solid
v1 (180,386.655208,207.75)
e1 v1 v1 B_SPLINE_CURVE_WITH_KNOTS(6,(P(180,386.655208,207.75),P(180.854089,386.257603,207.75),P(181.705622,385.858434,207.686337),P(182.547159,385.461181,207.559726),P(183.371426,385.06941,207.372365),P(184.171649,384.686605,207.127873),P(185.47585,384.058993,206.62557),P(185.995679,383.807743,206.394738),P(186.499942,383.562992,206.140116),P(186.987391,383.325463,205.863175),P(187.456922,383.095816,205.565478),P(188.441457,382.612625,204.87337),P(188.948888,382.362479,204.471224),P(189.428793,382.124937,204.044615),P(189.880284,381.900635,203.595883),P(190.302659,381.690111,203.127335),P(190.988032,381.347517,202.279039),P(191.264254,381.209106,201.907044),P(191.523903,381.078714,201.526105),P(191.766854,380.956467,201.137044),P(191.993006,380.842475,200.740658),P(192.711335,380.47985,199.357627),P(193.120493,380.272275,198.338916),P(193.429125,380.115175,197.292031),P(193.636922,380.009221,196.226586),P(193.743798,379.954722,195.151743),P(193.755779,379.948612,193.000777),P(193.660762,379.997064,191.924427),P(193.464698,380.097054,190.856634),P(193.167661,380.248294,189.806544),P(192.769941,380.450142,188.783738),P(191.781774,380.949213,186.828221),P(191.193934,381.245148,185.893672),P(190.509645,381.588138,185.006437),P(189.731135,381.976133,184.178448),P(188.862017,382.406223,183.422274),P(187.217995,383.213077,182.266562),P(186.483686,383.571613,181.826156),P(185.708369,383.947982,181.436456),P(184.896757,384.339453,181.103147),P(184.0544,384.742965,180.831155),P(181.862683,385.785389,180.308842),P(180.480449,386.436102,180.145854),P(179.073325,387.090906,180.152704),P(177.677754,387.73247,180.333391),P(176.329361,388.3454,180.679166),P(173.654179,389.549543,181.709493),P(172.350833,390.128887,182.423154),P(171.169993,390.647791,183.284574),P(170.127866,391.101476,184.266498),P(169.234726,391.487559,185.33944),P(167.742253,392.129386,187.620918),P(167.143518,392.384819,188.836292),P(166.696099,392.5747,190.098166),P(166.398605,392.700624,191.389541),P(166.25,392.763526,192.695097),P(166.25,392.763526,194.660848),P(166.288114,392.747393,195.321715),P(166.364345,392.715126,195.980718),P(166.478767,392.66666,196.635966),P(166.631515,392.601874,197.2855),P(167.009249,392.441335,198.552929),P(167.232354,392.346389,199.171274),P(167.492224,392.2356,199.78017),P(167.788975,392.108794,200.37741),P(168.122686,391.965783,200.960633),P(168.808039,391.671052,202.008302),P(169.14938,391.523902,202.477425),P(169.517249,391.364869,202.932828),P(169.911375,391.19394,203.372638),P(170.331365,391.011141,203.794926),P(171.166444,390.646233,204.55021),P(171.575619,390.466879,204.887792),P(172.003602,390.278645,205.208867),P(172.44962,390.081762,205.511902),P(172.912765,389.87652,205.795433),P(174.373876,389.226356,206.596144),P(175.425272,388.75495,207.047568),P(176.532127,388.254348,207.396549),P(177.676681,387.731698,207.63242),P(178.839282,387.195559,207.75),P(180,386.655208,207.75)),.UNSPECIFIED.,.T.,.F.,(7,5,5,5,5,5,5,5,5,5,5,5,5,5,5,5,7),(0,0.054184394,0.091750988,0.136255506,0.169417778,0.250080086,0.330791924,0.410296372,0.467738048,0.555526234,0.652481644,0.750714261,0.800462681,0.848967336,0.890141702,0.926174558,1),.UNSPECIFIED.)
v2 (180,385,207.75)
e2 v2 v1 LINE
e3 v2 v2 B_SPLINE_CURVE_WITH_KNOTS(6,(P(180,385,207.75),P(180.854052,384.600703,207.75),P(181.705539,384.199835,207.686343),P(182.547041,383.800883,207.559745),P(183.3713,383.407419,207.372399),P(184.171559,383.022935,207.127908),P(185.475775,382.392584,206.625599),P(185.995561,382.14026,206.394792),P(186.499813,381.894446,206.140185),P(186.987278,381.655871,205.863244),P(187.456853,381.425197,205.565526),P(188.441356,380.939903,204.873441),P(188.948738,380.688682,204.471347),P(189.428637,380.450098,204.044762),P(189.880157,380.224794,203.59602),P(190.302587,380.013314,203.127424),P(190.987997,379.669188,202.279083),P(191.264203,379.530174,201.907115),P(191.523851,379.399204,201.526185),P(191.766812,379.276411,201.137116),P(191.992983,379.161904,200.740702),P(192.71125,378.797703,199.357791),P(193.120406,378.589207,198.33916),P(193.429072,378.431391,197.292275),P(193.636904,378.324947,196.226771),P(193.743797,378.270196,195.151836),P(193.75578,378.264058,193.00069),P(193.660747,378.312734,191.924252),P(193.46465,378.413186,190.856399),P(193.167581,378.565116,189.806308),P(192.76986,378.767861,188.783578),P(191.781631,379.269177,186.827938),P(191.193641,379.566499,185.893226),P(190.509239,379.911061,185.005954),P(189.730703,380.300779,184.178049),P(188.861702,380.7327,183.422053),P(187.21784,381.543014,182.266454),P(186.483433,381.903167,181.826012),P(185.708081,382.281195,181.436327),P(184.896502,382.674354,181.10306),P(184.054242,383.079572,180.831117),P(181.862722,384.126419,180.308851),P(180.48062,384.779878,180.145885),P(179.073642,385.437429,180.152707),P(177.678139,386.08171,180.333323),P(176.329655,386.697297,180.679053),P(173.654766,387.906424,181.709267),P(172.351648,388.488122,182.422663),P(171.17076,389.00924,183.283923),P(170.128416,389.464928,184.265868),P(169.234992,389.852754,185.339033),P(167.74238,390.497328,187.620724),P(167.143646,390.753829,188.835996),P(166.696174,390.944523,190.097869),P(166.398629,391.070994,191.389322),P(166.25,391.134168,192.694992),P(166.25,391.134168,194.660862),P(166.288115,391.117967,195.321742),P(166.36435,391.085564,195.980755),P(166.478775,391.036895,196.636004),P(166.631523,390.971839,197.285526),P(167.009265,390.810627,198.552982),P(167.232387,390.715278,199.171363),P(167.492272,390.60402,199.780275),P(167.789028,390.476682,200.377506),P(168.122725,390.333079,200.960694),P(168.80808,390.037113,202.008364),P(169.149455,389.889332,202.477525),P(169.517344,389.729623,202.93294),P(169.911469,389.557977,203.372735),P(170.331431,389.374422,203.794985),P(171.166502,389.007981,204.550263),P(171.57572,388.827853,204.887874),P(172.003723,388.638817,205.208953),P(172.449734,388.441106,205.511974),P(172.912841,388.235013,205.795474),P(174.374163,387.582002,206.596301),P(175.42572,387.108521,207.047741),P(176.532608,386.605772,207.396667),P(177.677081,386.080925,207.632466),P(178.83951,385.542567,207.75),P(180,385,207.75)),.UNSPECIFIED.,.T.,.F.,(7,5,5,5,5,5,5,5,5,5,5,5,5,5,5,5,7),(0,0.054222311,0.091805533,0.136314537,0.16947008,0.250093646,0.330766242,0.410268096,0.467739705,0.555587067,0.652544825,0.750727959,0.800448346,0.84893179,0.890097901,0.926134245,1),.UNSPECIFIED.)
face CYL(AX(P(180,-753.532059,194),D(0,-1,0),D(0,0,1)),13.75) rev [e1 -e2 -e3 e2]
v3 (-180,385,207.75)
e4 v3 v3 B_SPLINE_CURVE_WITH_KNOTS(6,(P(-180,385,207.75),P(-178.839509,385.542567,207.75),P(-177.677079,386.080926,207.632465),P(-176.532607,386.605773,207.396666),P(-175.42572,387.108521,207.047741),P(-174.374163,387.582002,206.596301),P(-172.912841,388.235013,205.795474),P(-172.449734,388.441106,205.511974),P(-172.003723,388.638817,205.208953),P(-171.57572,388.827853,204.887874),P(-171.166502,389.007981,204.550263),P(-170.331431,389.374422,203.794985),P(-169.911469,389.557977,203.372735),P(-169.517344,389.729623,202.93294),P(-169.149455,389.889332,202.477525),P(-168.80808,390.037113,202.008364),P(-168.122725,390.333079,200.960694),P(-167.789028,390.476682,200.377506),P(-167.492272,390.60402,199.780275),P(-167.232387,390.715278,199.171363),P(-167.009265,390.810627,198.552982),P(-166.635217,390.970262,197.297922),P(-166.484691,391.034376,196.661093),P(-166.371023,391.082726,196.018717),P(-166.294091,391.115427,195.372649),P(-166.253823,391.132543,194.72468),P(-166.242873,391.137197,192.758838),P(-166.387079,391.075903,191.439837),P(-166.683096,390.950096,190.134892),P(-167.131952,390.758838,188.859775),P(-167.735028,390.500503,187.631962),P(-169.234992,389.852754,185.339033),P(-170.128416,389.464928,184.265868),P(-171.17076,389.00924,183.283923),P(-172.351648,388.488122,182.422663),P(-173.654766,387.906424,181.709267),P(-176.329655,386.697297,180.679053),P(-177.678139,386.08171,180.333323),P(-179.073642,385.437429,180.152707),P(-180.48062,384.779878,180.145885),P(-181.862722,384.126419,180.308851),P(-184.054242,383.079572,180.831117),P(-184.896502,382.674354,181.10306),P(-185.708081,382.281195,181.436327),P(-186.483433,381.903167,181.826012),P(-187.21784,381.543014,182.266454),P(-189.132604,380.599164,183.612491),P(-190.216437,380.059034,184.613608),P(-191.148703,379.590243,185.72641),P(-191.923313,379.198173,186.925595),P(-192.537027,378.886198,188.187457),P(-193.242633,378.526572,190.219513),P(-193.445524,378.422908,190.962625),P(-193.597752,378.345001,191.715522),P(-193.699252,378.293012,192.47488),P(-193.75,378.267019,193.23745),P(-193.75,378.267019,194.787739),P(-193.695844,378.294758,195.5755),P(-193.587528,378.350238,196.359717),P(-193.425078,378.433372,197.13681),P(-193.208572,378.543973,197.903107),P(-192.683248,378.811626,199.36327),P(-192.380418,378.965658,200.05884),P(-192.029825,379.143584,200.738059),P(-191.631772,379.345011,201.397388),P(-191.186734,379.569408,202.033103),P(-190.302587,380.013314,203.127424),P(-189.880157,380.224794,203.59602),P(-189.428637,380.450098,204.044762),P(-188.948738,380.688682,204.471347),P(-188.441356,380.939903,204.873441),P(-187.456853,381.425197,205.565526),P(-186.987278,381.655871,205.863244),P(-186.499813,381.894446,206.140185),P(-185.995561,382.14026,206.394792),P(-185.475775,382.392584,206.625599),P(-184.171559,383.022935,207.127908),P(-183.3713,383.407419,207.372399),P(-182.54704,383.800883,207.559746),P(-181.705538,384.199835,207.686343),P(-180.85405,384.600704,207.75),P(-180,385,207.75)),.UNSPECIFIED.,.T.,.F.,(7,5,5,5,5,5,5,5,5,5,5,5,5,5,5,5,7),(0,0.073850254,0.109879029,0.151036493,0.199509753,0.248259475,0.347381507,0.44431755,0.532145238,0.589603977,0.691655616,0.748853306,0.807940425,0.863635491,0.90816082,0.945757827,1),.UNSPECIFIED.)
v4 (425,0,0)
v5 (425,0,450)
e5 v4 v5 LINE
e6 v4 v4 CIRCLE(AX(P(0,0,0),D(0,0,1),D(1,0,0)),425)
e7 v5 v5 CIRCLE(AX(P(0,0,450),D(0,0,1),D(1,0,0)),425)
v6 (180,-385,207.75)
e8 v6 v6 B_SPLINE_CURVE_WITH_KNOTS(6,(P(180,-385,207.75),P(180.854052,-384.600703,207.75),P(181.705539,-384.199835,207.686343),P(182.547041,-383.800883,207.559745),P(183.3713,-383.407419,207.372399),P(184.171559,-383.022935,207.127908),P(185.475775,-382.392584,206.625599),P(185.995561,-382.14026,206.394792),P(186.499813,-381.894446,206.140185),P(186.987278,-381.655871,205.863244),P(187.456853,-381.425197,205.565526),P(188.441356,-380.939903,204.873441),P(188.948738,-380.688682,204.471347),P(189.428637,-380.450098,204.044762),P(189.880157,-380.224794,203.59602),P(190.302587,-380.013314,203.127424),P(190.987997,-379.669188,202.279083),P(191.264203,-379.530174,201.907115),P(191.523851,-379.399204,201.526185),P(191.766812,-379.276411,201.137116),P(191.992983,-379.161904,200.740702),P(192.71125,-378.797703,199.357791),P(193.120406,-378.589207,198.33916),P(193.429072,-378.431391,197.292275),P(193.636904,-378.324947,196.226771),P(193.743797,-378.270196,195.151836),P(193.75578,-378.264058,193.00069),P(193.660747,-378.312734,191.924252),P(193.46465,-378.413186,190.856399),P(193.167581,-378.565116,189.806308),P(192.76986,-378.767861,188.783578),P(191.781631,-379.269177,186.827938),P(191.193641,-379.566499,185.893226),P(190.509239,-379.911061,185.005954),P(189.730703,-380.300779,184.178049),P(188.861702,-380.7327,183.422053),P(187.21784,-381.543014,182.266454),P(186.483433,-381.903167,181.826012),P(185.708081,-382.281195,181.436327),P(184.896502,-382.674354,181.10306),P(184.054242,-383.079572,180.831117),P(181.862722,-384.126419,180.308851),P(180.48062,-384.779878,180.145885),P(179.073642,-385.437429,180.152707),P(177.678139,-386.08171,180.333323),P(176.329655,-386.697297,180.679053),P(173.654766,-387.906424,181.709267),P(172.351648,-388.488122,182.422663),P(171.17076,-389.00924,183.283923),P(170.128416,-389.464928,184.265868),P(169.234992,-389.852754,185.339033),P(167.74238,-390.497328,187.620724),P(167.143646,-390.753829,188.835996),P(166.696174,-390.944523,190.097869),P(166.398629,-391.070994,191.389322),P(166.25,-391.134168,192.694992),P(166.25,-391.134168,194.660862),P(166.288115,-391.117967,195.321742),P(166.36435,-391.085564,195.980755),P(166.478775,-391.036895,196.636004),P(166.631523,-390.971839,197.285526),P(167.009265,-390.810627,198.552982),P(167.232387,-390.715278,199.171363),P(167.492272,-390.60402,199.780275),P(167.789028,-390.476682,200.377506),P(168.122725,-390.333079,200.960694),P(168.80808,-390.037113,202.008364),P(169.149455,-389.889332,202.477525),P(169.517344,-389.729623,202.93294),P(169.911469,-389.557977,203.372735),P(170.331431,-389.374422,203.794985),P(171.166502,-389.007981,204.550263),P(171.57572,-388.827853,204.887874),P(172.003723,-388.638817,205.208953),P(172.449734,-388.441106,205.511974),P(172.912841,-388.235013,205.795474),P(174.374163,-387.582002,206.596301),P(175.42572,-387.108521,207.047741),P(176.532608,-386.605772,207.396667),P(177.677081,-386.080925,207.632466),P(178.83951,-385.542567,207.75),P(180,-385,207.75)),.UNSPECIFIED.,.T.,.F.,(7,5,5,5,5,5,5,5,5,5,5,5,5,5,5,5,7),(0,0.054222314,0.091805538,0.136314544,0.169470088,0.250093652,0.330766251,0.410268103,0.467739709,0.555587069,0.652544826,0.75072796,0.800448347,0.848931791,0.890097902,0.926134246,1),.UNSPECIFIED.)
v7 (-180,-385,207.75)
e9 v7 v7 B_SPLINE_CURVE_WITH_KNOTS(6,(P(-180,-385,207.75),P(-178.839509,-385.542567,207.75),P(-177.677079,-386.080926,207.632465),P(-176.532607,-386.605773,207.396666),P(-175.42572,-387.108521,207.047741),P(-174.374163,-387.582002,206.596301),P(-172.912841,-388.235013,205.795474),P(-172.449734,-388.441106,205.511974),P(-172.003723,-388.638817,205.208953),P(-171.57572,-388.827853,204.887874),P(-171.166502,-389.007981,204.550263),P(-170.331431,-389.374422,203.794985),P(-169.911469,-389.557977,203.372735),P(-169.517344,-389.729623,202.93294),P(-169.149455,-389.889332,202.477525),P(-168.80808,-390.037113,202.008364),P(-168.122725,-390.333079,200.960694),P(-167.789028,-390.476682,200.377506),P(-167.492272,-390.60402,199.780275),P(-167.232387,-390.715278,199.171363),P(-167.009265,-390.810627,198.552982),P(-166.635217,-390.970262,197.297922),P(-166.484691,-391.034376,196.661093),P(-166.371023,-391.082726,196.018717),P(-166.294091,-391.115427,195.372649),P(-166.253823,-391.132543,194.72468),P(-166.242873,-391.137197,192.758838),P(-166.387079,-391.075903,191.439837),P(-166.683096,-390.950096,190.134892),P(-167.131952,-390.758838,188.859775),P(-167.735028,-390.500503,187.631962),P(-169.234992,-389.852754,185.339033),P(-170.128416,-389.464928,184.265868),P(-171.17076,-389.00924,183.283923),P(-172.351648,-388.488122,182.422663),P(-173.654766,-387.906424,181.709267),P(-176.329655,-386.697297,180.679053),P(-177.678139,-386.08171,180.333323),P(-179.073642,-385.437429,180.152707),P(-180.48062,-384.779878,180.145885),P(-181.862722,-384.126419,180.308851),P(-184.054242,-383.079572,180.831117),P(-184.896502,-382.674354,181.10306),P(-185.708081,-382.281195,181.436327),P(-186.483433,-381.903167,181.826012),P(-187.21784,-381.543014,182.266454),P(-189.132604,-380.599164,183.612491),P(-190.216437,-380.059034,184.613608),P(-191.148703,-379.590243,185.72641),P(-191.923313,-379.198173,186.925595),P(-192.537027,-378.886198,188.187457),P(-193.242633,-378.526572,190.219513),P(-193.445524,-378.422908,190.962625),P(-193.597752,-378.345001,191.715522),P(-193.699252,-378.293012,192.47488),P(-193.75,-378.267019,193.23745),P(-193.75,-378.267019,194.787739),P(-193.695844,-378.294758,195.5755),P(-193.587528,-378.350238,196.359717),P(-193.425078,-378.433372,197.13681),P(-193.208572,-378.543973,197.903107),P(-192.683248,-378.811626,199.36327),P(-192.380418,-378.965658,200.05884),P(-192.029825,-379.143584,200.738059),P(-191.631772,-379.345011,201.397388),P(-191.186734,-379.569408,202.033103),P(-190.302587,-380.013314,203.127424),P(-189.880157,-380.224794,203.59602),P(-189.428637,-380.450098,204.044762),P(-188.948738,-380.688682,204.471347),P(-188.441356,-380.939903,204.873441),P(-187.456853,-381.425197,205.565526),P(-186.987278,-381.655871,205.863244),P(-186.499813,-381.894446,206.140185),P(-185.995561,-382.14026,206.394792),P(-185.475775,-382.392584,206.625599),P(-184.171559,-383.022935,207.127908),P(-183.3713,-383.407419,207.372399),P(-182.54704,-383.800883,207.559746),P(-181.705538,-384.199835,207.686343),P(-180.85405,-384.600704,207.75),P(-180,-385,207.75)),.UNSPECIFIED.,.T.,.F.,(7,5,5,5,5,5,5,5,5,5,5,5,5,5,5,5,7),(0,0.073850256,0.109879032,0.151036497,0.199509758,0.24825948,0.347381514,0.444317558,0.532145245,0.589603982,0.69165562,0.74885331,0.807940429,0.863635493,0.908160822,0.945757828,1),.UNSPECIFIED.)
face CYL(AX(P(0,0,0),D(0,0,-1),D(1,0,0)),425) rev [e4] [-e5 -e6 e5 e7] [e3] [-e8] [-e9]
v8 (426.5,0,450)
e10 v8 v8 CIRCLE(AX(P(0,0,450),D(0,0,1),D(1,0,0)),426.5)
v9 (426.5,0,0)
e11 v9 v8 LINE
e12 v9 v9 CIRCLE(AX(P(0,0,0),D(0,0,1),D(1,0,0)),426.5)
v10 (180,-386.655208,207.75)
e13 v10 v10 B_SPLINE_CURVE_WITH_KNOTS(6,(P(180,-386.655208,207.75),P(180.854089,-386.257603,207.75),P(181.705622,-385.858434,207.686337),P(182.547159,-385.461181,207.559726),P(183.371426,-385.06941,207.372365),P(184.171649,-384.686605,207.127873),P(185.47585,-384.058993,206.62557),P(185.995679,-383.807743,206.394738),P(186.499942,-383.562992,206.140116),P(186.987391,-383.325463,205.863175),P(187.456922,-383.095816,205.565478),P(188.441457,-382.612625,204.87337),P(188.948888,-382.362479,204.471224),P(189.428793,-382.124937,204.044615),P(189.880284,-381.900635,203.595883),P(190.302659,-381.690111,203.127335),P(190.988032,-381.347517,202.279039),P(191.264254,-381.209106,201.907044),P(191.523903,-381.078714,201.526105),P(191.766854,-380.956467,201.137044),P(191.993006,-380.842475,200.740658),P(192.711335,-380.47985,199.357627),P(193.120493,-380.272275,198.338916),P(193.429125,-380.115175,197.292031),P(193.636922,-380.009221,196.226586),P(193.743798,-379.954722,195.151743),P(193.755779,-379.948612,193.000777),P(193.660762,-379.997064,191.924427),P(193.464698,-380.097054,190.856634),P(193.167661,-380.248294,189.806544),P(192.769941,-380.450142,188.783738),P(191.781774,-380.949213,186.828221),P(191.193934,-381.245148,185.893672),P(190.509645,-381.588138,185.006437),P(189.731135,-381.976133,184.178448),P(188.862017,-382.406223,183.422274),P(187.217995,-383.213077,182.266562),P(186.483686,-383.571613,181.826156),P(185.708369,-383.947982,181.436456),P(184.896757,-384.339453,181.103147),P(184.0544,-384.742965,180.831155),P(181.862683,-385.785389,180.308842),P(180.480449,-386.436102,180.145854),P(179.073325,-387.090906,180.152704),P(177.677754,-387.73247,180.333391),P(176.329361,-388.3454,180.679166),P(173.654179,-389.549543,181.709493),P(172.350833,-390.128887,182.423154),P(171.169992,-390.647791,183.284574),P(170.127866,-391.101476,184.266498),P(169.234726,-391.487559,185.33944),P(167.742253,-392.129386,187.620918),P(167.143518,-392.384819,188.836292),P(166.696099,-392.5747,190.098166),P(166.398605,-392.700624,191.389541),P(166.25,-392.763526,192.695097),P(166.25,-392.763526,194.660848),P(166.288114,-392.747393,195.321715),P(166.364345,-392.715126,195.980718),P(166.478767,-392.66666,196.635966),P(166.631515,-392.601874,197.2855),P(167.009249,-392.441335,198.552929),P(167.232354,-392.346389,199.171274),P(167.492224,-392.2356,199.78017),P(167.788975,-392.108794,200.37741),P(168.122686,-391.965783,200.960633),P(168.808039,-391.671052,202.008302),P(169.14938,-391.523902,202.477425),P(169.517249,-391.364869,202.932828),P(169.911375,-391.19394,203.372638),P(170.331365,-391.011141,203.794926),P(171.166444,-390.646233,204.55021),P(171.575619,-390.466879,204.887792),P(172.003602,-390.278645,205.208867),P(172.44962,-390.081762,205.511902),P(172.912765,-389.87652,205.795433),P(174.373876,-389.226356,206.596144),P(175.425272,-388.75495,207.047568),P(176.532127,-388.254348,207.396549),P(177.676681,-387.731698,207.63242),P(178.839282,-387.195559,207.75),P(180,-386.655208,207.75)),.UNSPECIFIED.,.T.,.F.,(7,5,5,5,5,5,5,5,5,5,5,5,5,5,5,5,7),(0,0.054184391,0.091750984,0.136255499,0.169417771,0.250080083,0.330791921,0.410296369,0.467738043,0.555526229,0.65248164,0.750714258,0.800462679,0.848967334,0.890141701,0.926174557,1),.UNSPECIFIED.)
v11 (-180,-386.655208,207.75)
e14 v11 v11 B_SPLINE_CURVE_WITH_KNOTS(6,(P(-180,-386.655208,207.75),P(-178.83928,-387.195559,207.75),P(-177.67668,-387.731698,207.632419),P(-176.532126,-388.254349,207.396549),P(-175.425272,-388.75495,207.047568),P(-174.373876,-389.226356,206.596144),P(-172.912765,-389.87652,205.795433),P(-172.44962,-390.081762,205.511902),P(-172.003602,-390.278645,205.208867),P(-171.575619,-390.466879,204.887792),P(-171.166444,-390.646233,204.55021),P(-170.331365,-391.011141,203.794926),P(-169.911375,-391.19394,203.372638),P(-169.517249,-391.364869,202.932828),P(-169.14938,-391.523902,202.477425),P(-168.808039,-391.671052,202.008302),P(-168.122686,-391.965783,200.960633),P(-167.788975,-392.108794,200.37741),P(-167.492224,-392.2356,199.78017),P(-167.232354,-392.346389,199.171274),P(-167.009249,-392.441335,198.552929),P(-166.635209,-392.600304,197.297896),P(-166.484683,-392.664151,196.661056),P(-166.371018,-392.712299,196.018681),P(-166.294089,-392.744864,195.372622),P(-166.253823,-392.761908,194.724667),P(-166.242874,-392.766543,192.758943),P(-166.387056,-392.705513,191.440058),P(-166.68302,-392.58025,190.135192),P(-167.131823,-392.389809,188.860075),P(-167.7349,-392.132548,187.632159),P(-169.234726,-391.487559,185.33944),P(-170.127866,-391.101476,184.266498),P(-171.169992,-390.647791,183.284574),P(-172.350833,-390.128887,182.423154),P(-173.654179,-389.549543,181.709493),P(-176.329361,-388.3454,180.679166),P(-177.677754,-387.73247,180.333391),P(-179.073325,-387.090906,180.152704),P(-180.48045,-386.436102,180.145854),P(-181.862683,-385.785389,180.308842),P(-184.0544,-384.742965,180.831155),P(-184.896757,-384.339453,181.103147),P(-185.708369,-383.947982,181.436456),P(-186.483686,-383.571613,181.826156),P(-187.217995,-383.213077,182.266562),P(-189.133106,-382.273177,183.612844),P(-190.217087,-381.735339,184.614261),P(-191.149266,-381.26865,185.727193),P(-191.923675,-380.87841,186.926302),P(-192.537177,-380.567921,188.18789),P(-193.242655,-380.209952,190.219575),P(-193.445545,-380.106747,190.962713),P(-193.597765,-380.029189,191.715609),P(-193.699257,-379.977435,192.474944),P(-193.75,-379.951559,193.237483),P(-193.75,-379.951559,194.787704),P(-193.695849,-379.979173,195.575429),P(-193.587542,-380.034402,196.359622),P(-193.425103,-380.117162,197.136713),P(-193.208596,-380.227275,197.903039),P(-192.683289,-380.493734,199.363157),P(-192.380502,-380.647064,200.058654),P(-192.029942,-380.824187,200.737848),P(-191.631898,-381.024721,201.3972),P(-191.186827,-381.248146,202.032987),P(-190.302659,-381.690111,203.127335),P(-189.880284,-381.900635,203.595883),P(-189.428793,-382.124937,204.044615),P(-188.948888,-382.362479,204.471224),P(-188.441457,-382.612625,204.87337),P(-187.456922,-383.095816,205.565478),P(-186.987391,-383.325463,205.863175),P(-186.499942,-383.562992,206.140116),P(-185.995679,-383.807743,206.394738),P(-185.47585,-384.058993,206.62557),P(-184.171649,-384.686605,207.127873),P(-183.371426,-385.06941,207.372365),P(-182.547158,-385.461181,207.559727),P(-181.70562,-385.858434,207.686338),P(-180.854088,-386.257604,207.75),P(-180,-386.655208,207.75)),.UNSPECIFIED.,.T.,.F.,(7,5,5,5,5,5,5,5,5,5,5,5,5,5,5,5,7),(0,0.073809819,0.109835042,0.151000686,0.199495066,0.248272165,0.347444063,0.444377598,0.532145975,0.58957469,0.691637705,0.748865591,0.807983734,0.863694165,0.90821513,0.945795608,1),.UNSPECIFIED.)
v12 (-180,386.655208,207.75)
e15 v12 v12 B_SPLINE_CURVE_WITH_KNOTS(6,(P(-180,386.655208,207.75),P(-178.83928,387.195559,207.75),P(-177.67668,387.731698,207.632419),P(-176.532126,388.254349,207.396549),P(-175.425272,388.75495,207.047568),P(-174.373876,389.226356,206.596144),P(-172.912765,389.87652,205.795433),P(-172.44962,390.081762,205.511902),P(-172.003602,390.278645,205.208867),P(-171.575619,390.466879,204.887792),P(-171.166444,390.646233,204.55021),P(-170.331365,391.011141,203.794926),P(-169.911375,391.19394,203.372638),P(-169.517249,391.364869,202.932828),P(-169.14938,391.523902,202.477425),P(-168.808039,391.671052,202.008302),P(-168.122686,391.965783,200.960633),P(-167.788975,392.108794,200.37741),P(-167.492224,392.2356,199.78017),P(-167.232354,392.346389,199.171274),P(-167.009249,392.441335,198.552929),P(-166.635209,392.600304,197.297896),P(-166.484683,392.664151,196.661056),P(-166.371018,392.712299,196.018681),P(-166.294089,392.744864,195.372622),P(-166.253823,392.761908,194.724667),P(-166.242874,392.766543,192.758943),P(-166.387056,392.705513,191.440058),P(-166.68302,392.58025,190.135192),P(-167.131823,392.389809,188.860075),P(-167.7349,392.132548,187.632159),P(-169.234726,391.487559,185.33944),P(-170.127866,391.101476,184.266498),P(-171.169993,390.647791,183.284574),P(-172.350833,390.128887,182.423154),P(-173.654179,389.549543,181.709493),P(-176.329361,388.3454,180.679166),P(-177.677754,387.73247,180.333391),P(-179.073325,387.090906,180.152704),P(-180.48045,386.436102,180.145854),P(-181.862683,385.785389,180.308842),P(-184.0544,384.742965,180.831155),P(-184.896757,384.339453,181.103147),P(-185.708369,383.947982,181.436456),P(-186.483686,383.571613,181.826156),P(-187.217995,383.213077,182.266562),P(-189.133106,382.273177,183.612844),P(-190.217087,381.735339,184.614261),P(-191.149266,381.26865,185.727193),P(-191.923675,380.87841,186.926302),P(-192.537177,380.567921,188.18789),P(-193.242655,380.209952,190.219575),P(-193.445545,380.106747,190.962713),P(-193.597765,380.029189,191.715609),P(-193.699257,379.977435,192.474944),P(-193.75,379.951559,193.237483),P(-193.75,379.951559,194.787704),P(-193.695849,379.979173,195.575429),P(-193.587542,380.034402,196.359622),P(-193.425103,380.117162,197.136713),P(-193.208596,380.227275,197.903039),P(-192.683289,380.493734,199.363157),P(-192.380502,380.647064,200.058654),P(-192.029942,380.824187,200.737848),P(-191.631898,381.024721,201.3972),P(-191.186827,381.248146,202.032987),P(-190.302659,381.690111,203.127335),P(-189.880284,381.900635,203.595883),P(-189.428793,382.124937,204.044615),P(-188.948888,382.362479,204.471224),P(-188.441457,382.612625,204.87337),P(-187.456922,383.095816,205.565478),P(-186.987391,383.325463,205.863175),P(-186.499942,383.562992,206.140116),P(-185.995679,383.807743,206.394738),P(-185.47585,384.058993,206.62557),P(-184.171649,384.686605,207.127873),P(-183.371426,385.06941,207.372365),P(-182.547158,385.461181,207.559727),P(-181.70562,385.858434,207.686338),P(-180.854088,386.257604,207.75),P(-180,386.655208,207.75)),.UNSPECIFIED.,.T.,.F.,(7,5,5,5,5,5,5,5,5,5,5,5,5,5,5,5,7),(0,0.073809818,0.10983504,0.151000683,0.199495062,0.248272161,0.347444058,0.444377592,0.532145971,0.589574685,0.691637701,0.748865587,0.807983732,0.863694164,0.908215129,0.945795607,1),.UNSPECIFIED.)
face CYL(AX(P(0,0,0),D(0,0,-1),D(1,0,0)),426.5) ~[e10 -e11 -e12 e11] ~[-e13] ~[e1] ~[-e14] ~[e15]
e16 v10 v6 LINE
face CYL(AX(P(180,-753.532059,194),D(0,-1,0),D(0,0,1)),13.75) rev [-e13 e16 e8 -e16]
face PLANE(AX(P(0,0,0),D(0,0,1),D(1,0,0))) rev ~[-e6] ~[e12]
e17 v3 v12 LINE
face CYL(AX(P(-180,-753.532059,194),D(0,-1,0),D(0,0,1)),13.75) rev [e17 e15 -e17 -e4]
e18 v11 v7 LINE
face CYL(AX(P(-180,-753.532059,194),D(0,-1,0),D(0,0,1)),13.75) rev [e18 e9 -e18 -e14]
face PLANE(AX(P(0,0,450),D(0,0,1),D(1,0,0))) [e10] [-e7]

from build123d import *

# Parameters (mm, degrees)
SKETCH1_R               = 426.5
SKETCH1_R_2             = 425
BOSS_EXTRUDE1_DEPTH     = 450
CUT_EXTRUDE1_DEPTH      = 753.532059118
CUT_EXTRUDE1_DEPTH_BACK = 753.532059118
SKETCH2_R               = 13.75


with BuildPart() as part:
    # Sketch1 → Boss-Extrude1 (new body)
    with BuildSketch(Plane.XY):
        Circle(SKETCH1_R)
        Circle(SKETCH1_R_2, mode=Mode.SUBTRACT)
    extrude(amount=BOSS_EXTRUDE1_DEPTH)

    # Sketch2 → Cut-Extrude1 (cut, two sides: drawn at the far end of the back side and taken through both)
    with BuildSketch(Plane(origin=(0, 0, 0), x_dir=(1, 0, 0), z_dir=(0, 1, 0)).offset(-CUT_EXTRUDE1_DEPTH_BACK)):
        with Locations(Location((180, -194, 0), (0, 0, 270))):
            Circle(SKETCH2_R)
        with Locations(Location((-180, -194, 0), (0, 0, 270))):
            Circle(SKETCH2_R)
    extrude(amount=CUT_EXTRUDE1_DEPTH + CUT_EXTRUDE1_DEPTH_BACK, mode=Mode.SUBTRACT)


solid = part.part
